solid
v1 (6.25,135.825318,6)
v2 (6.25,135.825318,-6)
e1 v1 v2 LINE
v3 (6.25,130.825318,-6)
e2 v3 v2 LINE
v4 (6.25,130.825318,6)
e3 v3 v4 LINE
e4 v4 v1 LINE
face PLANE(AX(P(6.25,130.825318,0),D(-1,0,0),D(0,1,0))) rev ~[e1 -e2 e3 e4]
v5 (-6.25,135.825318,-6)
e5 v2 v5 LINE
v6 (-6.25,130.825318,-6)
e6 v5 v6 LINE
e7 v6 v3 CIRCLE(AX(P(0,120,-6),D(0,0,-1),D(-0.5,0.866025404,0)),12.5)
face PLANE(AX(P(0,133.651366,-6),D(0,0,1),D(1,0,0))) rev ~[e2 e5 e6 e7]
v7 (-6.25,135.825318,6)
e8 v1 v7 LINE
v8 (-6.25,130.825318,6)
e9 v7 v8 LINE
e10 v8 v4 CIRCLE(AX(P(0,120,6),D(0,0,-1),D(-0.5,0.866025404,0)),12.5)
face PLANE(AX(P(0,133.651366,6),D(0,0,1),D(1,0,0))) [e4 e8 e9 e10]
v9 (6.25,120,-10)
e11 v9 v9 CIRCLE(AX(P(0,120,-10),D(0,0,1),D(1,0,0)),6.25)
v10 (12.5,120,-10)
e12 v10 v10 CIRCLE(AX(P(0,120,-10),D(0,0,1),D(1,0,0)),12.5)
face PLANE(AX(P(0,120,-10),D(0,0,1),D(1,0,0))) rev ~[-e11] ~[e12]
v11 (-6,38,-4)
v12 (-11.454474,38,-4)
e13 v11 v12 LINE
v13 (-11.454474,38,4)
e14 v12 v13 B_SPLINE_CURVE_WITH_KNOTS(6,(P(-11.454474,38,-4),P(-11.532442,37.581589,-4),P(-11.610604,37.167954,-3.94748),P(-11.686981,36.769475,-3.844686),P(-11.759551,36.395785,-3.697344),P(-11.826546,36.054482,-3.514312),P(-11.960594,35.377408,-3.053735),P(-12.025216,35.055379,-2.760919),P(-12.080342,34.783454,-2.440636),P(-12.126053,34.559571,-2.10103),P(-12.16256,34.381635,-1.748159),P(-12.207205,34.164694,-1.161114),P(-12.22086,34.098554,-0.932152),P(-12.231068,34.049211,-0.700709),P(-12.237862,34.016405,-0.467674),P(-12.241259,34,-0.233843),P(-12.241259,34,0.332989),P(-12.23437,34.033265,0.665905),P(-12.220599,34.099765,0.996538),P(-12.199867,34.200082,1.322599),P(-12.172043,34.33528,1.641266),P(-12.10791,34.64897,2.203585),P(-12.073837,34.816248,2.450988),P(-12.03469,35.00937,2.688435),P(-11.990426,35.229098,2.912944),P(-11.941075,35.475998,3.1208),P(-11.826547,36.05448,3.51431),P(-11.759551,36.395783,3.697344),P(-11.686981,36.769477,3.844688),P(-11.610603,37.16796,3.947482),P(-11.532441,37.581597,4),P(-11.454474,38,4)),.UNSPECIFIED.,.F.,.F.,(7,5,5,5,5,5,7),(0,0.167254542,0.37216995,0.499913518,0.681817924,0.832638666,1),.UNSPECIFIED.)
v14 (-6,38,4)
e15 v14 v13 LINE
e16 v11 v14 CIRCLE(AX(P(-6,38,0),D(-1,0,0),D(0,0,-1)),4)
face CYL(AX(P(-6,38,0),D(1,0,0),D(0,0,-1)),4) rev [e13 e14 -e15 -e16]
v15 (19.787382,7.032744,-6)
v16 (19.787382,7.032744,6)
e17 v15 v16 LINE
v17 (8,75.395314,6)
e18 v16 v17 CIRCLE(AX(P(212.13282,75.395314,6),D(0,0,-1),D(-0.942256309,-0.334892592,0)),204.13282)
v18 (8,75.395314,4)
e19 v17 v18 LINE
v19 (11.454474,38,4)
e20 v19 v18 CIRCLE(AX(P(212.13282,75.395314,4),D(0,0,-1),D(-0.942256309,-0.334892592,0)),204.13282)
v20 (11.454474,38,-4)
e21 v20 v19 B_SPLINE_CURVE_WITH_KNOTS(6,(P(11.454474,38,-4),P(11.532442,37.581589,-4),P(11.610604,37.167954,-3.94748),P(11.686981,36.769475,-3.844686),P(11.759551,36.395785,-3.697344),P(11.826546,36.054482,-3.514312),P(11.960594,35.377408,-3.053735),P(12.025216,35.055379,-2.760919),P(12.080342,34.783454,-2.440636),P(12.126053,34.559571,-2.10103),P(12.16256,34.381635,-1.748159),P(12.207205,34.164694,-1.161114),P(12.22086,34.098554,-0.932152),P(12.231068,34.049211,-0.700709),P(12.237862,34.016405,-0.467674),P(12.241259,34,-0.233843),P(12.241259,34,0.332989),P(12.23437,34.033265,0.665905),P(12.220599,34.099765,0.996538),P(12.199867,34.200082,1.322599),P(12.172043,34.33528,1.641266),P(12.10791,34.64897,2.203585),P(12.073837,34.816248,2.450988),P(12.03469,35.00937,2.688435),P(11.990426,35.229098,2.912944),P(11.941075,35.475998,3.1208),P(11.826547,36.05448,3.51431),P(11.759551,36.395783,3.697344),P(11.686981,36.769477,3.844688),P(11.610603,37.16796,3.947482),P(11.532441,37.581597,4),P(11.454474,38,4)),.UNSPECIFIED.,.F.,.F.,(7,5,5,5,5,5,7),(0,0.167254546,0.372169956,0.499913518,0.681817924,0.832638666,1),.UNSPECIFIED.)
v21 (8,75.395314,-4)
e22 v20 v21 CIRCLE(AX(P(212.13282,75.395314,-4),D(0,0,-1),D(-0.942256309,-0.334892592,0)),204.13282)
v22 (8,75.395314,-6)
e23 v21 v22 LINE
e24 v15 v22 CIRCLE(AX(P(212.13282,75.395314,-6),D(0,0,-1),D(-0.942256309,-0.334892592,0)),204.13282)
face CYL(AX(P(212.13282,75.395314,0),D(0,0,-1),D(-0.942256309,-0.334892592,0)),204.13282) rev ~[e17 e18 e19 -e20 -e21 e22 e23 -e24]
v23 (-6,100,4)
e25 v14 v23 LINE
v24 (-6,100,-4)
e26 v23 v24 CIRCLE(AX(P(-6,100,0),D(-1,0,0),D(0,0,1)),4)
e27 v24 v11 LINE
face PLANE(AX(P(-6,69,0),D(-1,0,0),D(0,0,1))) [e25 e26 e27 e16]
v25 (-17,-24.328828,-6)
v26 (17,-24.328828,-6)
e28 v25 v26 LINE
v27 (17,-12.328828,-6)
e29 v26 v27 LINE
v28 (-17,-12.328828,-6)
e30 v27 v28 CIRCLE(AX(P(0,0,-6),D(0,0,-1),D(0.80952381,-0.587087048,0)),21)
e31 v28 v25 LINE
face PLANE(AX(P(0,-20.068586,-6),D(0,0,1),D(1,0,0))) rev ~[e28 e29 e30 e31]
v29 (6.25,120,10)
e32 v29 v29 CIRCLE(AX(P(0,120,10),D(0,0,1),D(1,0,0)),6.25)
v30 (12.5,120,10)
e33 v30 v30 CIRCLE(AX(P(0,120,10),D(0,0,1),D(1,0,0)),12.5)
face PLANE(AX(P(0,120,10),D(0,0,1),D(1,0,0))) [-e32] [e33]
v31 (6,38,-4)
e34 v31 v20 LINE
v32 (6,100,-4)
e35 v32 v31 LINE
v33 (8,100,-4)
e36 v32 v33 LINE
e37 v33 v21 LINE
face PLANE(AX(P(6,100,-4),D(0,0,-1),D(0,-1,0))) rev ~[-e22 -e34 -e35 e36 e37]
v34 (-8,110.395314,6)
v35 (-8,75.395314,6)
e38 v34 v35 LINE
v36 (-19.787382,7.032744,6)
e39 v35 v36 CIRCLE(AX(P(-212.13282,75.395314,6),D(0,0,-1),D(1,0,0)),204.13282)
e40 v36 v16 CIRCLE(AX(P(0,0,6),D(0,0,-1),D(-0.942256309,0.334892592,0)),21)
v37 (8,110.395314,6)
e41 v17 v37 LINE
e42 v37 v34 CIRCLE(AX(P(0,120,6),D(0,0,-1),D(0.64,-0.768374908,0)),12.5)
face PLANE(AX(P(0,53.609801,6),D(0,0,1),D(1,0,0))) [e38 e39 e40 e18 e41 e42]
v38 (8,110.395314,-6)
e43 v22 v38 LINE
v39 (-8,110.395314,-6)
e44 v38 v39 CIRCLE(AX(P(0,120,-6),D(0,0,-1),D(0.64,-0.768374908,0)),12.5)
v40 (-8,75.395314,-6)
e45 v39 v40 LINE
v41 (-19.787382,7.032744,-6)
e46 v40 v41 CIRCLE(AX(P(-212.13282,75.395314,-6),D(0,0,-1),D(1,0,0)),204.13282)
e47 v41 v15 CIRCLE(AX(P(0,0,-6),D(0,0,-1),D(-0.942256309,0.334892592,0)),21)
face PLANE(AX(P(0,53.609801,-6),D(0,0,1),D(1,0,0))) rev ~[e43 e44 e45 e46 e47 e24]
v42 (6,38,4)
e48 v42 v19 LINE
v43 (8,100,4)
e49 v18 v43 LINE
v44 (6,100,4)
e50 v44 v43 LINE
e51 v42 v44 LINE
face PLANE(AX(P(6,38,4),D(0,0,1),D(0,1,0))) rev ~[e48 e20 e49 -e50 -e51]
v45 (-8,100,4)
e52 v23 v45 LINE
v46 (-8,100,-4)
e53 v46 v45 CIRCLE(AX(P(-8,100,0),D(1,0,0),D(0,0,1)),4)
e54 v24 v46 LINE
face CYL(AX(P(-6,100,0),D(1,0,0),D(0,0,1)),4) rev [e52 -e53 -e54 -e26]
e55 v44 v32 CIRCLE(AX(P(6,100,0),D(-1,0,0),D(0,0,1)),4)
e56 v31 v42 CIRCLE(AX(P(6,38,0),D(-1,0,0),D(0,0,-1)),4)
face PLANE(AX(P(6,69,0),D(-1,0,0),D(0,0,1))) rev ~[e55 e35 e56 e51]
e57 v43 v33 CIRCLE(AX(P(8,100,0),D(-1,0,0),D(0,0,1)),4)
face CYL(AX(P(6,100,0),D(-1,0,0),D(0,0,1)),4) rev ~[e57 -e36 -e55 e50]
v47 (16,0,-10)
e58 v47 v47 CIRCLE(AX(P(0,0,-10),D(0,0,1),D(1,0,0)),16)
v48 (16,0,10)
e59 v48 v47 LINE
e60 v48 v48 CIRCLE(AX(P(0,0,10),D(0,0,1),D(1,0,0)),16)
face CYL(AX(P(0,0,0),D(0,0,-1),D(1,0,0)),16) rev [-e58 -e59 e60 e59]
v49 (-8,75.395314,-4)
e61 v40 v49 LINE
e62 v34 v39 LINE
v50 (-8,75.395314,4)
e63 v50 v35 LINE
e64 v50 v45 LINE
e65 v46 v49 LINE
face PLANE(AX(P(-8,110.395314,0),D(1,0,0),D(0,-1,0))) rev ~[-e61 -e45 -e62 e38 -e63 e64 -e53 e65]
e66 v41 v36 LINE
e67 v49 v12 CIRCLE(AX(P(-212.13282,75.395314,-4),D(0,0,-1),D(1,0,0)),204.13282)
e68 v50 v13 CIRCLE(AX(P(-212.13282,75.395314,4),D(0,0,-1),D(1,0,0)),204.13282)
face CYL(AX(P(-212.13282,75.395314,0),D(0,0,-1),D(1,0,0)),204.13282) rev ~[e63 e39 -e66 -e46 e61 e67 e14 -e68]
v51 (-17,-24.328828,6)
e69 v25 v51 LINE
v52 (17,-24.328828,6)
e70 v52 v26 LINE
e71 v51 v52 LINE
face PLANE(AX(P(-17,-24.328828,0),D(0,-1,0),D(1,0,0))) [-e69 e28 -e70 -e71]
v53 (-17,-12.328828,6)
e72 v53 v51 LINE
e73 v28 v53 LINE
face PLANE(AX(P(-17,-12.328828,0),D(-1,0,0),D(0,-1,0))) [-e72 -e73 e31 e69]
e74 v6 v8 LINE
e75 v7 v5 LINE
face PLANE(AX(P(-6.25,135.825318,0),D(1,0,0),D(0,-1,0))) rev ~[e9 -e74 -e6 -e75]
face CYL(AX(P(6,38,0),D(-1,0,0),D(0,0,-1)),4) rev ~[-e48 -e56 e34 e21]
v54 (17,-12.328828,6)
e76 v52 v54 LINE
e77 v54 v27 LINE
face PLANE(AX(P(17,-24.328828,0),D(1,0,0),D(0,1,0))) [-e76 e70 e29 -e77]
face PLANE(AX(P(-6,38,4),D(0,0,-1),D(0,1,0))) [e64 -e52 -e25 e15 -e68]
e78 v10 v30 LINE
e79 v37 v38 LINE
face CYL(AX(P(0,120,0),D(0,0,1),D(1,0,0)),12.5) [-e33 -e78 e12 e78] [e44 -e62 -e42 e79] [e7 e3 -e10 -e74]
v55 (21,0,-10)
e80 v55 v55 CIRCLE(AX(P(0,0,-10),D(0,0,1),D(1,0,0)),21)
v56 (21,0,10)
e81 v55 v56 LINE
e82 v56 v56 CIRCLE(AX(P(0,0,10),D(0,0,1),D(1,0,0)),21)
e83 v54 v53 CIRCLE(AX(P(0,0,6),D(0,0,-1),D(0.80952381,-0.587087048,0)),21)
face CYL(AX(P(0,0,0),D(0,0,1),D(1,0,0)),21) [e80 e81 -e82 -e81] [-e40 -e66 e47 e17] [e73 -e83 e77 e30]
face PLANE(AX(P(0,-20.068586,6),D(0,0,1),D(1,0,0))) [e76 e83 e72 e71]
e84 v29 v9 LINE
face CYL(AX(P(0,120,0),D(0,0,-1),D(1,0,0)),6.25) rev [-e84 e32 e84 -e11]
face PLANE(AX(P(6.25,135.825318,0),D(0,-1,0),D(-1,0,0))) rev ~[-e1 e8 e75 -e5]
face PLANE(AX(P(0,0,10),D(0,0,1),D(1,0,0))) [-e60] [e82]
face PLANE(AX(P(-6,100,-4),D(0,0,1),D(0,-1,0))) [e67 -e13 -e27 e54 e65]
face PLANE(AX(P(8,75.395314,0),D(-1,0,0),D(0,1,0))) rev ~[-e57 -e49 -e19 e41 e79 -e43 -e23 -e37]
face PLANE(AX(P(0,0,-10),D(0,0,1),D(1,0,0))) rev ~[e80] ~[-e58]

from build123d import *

# Parameters (mm, degrees)
SKETCH1_R             = 21
SKETCH1_R_2           = 16
BOSS_EXTRUDE1_DEPTH   = 10
SKETCH1_R_3           = 12.5
SKETCH1_R_4           = 6.25
BOSS_EXTRUDE1_2_DEPTH = 10
BOSS_EXTRUDE2_DEPTH   = 6
CUT_EXTRUDE1_START    = 6
CUT_EXTRUDE1_DEPTH    = 16
CUT_EXTRUDE3_START    = -6
CUT_EXTRUDE3_DEPTH    = 12


with BuildPart() as part:
    # Sketch1 → Boss-Extrude1 (new body, symmetric)
    with BuildSketch(Plane.XY):
        Circle(SKETCH1_R)
        Circle(SKETCH1_R_2, mode=Mode.SUBTRACT)
    extrude(amount=BOSS_EXTRUDE1_DEPTH, both=True)



with BuildPart() as body_2:
    # Sketch1 → Boss-Extrude1 2 (new body, symmetric)
    with BuildSketch(Plane.XY):
        with Locations((0, 120)):
            Circle(SKETCH1_R_3)
        with Locations((0, 120)):
            Circle(SKETCH1_R_4, mode=Mode.SUBTRACT)
    extrude(amount=BOSS_EXTRUDE1_2_DEPTH, both=True)


with BuildPart() as part_1:
    add(part.part)

    add(body_2.part)  # Boss-Extrude2 merges body 2
    # Sketch1_3 → Boss-Extrude2 (add, symmetric)
    with BuildSketch(Plane.XY):
        with BuildLine():
            Line((-8, 110.395313644), (-8, 75.395313644))
            ThreePointArc((-8, 75.395313644), (-10.96842855, 40.709642053), (-19.787382488, 7.032744434))
            ThreePointArc((-19.787382488, 7.032744434), (0, 21), (19.787382488, 7.032744434))
            ThreePointArc((19.787382488, 7.032744434), (10.96842855, 40.709642053), (8, 75.395313644))
            Line((8, 75.395313644), (8, 110.395313644))
            ThreePointArc((8, 110.395313644), (0, 107.5), (-8, 110.395313644))
        make_face()
        with BuildLine():
            Line((-6.25, 135.825317547), (-6.25, 130.825317547))
            ThreePointArc((-6.25, 130.825317547), (0, 132.5), (6.25, 130.825317547))
            Line((6.25, 130.825317547), (6.25, 135.825317547))
            Line((6.25, 135.825317547), (-6.25, 135.825317547))
        make_face()
        with BuildLine():
            ThreePointArc((17, -12.328828006), (0, -21), (-17, -12.328828006))
            Line((-17, -12.328828006), (-17, -24.328828006))
            Line((-17, -24.328828006), (17, -24.328828006))
            Line((17, -24.328828006), (17, -12.328828006))
        make_face()
    extrude(amount=BOSS_EXTRUDE2_DEPTH, both=True)

    # Sketch2 → Cut-Extrude1 (cut, through all)
    with BuildSketch(Plane(origin=(0, 0, 0), x_dir=(0, 0, -1), z_dir=(1, 0, 0)).offset(CUT_EXTRUDE1_START)):
        with BuildLine():
            Line((4, 100), (4, 38))
            ThreePointArc((4, 38), (0, 34), (-4, 38))
            Line((-4, 38), (-4, 100))
            ThreePointArc((-4, 100), (0, 104), (4, 100))
        make_face()
    extrude(amount=CUT_EXTRUDE1_DEPTH, mode=Mode.SUBTRACT)

    # Sketch2_3 → Cut-Extrude3 (cut)
    with BuildSketch(Plane(origin=(0, 0, 0), x_dir=(0, 0, -1), z_dir=(1, 0, 0)).offset(CUT_EXTRUDE3_START)):
        with BuildLine():
            Line((4, 100), (4, 38))
            ThreePointArc((4, 38), (0, 34), (-4, 38))
            Line((-4, 38), (-4, 100))
            ThreePointArc((-4, 100), (0, 104), (4, 100))
        make_face()
    extrude(amount=-CUT_EXTRUDE3_DEPTH, mode=Mode.SUBTRACT)


solid = part_1.part
